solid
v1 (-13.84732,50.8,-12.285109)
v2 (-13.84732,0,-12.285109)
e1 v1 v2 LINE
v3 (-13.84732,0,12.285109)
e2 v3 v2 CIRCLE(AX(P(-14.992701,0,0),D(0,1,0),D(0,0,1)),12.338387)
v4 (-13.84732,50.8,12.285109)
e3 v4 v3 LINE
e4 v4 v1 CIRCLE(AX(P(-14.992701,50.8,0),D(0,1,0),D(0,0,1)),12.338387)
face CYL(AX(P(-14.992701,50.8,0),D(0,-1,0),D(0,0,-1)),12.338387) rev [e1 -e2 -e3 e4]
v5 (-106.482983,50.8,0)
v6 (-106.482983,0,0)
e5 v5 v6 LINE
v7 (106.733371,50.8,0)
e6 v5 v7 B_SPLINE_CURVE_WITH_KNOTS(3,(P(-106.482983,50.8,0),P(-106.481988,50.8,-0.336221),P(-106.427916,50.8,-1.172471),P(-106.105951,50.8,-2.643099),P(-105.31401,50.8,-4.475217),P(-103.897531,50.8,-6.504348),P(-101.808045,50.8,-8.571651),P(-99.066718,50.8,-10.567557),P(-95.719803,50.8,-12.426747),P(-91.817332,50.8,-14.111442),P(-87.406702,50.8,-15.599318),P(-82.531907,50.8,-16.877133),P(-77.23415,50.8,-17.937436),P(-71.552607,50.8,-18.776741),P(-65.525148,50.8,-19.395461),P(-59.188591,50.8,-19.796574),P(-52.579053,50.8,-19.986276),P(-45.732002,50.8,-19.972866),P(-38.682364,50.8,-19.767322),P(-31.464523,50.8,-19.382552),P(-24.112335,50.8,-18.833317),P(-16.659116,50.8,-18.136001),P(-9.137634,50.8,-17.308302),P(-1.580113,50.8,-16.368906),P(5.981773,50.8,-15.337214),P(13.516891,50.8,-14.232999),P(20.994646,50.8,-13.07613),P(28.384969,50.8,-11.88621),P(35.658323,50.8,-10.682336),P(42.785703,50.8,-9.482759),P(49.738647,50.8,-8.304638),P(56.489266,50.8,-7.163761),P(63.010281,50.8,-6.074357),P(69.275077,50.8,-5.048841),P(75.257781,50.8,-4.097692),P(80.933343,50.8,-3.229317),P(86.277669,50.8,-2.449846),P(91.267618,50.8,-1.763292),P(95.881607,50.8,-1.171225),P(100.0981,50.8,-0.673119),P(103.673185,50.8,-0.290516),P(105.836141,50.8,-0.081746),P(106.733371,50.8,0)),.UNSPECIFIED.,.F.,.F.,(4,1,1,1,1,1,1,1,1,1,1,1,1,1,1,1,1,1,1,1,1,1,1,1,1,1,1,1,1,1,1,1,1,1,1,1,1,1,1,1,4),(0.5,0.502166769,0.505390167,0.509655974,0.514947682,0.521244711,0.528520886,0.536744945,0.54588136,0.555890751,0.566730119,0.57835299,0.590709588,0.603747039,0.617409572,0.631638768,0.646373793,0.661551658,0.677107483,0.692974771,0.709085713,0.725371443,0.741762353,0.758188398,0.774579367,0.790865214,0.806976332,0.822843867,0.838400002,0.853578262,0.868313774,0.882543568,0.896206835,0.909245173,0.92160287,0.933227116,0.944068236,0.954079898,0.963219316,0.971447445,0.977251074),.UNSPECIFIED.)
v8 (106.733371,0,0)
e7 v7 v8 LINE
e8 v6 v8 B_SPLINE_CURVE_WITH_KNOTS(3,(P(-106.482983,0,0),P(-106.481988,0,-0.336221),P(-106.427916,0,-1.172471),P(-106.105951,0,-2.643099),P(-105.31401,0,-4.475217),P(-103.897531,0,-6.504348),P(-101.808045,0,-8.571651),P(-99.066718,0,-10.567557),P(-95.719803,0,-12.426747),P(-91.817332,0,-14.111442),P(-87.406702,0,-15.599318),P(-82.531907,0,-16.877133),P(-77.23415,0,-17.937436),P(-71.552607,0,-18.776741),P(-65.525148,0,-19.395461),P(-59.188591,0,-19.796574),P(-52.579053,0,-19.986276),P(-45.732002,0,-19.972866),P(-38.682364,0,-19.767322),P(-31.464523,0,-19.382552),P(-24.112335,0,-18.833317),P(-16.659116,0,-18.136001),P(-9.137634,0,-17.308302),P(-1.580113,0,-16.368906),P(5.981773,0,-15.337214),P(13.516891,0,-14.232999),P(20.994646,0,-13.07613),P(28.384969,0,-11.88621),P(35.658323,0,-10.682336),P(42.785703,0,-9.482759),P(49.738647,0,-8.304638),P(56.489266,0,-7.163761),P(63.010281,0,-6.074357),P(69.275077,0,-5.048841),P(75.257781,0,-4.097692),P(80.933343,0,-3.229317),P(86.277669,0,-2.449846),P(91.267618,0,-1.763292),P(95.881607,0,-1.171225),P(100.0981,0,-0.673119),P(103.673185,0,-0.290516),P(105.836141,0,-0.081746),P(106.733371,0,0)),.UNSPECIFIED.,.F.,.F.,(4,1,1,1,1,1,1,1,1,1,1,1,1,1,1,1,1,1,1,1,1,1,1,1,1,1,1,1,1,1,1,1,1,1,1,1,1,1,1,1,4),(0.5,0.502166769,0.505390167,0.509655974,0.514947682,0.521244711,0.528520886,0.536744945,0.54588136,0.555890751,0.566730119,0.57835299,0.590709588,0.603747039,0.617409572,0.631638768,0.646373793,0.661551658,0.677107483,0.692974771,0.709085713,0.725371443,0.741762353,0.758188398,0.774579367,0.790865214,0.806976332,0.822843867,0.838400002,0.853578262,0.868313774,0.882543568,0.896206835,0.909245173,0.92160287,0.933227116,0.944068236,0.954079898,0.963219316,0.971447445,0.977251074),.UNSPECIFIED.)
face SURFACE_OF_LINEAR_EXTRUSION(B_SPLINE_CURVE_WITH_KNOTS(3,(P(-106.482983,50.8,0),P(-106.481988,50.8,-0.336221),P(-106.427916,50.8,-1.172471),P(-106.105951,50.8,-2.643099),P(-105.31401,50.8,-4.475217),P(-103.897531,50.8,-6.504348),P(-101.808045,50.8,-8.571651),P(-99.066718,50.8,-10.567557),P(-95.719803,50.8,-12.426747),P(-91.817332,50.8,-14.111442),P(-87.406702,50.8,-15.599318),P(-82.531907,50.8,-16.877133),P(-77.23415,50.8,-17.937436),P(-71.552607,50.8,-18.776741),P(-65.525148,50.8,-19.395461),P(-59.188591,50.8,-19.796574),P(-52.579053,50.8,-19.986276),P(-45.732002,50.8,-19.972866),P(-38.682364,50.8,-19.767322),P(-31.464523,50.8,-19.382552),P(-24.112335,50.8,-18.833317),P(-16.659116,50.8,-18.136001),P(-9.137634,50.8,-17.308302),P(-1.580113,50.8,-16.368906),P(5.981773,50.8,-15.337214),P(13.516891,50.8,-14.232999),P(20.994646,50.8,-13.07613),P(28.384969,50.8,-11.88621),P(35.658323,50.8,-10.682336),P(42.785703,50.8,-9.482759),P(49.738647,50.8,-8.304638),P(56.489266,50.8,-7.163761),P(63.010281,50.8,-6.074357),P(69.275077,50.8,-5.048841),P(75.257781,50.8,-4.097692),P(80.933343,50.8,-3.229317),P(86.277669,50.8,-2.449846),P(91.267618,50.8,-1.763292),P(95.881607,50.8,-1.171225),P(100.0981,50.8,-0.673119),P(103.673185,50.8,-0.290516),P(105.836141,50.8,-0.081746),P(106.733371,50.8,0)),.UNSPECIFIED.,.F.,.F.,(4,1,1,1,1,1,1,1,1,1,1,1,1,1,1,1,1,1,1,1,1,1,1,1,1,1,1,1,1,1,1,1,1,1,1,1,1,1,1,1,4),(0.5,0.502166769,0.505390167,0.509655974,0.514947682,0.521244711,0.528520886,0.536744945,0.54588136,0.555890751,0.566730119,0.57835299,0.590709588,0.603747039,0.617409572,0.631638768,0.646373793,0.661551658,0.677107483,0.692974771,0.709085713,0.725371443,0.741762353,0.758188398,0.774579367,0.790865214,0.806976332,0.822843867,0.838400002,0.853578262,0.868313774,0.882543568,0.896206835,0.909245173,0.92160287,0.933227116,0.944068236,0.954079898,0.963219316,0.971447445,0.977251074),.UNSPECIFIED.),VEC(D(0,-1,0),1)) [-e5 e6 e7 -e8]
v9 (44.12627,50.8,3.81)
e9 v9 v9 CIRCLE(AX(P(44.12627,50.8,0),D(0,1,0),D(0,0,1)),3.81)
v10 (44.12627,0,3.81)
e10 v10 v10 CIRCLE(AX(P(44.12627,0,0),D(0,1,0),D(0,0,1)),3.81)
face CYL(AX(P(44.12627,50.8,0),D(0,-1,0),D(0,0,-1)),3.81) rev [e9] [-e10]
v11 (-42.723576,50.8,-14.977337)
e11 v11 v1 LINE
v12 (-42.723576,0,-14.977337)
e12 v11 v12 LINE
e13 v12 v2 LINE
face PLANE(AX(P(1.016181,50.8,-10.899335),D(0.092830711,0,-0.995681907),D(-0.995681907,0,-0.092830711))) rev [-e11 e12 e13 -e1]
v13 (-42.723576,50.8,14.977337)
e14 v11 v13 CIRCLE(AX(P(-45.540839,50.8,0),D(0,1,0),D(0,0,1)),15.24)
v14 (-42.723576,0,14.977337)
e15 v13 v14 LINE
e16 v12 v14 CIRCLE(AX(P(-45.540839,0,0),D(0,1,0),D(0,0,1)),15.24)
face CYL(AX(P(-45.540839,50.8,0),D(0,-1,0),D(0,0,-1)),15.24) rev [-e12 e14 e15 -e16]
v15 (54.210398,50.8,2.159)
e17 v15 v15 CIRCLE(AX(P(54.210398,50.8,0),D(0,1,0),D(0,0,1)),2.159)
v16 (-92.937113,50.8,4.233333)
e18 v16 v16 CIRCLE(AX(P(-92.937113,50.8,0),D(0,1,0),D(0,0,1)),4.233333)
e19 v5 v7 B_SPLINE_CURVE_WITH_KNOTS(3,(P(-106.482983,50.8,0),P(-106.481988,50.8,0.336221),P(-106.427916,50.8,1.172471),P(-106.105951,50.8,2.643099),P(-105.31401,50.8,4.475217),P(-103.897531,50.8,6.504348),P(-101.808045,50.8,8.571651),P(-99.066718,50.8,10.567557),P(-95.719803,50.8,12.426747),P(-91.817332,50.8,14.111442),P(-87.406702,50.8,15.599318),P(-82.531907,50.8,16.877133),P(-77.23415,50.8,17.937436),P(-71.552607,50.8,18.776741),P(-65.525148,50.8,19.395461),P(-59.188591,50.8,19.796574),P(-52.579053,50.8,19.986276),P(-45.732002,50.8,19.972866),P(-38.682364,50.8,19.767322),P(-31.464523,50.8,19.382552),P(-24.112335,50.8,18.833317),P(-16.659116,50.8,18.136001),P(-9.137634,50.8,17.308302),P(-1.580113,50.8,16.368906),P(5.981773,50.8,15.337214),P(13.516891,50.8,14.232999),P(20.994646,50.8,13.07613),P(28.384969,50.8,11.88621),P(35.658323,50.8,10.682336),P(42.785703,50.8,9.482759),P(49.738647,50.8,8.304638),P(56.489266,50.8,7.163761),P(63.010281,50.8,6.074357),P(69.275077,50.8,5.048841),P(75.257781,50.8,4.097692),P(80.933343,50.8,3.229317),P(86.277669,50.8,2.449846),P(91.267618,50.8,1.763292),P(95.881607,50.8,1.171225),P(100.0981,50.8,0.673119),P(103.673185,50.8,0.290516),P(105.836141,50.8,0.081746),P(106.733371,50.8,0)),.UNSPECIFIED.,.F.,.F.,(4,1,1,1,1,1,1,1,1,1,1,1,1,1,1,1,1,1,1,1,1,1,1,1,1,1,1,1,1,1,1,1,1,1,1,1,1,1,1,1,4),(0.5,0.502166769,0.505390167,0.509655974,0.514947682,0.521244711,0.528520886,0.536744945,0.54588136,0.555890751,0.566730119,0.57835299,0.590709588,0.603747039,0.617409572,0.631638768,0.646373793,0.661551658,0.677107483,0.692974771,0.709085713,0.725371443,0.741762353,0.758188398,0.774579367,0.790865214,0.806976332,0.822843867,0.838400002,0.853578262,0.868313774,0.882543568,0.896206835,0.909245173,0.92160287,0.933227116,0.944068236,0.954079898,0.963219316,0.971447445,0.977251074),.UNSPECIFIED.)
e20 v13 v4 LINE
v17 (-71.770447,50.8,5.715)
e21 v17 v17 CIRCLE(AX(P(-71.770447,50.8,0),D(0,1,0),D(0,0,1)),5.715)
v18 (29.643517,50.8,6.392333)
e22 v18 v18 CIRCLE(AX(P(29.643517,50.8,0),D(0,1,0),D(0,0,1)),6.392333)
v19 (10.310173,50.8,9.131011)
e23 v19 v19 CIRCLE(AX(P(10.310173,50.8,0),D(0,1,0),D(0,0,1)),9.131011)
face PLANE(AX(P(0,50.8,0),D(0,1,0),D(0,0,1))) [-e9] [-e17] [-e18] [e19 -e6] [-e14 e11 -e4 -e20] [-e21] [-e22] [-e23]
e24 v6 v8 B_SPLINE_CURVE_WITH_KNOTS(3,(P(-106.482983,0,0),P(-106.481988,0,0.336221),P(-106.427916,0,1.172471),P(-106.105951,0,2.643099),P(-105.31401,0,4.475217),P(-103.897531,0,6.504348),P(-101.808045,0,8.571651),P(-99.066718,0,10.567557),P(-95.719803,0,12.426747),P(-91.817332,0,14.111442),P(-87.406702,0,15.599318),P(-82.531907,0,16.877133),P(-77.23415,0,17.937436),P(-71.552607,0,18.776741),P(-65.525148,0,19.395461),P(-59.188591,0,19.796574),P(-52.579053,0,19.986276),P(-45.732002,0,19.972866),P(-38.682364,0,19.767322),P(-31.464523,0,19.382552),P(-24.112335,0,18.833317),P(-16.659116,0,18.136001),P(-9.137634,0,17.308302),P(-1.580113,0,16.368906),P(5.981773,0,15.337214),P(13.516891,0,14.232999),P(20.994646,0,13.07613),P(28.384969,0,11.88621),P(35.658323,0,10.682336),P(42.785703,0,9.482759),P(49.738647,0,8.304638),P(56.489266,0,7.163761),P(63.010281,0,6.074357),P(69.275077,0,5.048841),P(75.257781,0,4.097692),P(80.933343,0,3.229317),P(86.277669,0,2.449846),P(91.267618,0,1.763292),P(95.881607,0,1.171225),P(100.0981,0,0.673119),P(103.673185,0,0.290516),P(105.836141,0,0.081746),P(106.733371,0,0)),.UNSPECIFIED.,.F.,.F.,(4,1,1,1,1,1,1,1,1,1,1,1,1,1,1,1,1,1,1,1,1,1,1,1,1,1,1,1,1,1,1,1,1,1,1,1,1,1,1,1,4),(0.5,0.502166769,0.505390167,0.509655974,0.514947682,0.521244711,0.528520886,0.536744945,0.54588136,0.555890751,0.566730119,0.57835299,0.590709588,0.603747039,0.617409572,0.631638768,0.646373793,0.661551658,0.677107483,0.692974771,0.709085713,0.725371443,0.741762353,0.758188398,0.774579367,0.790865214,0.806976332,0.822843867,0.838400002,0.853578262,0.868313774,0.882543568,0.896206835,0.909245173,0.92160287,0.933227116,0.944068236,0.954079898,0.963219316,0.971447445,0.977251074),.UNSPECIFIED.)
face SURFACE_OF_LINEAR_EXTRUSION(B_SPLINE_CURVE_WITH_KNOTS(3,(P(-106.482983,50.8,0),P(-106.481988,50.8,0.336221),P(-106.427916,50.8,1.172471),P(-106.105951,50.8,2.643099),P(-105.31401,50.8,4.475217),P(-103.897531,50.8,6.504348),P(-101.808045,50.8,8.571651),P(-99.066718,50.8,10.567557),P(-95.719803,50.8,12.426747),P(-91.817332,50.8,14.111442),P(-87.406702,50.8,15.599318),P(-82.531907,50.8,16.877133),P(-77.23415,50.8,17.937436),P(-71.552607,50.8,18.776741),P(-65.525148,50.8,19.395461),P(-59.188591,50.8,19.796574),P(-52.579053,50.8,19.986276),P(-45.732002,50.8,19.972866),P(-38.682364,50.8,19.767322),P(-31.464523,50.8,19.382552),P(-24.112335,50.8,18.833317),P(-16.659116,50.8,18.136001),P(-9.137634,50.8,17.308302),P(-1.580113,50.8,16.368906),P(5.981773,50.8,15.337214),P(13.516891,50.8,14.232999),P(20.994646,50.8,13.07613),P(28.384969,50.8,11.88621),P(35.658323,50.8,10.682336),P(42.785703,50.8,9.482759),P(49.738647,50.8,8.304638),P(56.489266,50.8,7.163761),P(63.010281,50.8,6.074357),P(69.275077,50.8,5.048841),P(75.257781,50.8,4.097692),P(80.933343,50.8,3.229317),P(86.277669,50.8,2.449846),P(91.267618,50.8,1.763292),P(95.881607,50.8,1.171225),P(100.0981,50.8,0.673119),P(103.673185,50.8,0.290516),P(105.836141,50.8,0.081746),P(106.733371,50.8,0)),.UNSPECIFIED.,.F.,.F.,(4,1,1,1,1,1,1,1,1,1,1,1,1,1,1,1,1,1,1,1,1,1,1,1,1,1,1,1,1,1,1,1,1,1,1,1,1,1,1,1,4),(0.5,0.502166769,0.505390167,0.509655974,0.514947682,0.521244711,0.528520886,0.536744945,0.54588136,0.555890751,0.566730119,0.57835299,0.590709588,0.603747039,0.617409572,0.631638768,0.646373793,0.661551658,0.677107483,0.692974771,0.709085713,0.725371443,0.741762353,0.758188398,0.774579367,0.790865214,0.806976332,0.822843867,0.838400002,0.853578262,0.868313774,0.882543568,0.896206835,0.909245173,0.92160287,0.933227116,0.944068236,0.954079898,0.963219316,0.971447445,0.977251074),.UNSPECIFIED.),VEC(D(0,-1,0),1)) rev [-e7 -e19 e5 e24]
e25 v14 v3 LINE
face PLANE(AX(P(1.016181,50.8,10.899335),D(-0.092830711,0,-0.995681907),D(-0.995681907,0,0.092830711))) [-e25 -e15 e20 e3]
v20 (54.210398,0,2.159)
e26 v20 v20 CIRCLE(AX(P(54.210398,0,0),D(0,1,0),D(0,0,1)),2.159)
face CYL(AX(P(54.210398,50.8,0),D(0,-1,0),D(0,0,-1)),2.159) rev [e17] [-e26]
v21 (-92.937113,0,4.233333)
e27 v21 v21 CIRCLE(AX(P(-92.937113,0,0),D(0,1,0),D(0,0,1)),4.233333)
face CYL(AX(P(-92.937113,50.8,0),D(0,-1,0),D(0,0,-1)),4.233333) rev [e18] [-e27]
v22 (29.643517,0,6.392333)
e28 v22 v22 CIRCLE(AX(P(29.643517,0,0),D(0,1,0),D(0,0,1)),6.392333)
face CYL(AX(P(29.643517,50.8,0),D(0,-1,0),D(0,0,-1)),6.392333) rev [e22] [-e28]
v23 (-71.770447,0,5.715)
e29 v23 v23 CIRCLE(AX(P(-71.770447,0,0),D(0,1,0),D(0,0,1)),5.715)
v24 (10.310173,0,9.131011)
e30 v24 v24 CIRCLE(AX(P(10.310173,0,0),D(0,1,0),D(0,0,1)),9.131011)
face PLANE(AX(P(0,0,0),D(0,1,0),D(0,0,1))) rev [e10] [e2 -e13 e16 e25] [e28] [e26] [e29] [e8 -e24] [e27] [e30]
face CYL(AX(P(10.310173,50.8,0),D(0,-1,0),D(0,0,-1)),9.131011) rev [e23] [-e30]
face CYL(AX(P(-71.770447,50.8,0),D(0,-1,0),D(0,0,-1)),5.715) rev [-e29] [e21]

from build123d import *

# Parameters (mm, degrees)
SKETCH1_R           = 6.392333333
SKETCH1_R_2         = 3.81
SKETCH1_R_3         = 2.159
BOSS_EXTRUDE1_DEPTH = 50.8


with BuildPart() as part:
    # Sketch1 → Boss-Extrude1 (new body)
    with BuildSketch(Plane(origin=(0, 0, 0), x_dir=(1, 0, 0), z_dir=(0, 1, 0))):
        with BuildLine():
            add(Edge.make_bspline(
                [(-106.482983395, 7e-09), (-106.481988205, 0.336221447), (-106.427915569, 1.172470852), (-106.105951464, 2.643099269), (-105.314009735, 4.475217408), (-103.897531119, 6.504348419), (-101.808045378, 8.571651332), (-99.066717841, 10.567556704), (-95.719803188, 12.4267473), (-91.817332429, 14.111441711), (-87.406701835, 15.599318162), (-82.531907012, 16.877133323), (-77.234149654, 17.93743562), (-71.552607098, 18.776740572), (-65.525147606, 19.395460586), (-59.188591418, 19.79657403), (-52.57905308, 19.986276316), (-45.732001964, 19.972865837), (-38.682363694, 19.76732247), (-31.464522928, 19.382552478), (-24.112335149, 18.833317467), (-16.659115821, 18.136000968), (-9.137634043, 17.308302017), (-1.580112881, 16.368906014), (5.98177291, 15.337213534), (13.516891029, 14.232999407), (20.994645609, 13.076129848), (28.384968739, 11.886210001), (35.658323251, 10.682336314), (42.785702907, 9.482759124), (49.738647425, 8.304637787), (56.489265684, 7.163760718), (63.010281114, 6.074356699), (69.275076728, 5.048841412), (75.257781106, 4.097692071), (80.933343311, 3.229317249), (86.277669376, 2.449846213), (91.267618323, 1.763292049), (95.881607116, 1.17122476), (100.098099776, 0.673119164), (103.673185129, 0.290516392), (105.83614122, 0.081745654), (106.733370691, 7e-09)],
                knots=[0.5, 0.5, 0.5, 0.5, 0.502166769, 0.505390167, 0.509655974, 0.514947682, 0.521244711, 0.528520886, 0.536744945, 0.54588136, 0.555890751, 0.566730119, 0.57835299, 0.590709588, 0.603747039, 0.617409572, 0.631638768, 0.646373793, 0.661551658, 0.677107483, 0.692974771, 0.709085713, 0.725371443, 0.741762353, 0.758188398, 0.774579367, 0.790865214, 0.806976332, 0.822843867, 0.838400002, 0.853578262, 0.868313774, 0.882543568, 0.896206835, 0.909245173, 0.92160287, 0.933227116, 0.944068236, 0.954079898, 0.963219316, 0.971447445, 0.977251074, 0.977251074, 0.977251074, 0.977251074], degree=3))
            add(Edge.make_bspline(
                [(-106.482983395, -7e-09), (-106.481988205, -0.336221447), (-106.427915569, -1.172470852), (-106.105951463, -2.643099269), (-105.314009735, -4.475217408), (-103.897531118, -6.504348419), (-101.808045378, -8.571651332), (-99.06671784, -10.567556704), (-95.719803188, -12.4267473), (-91.817332429, -14.111441711), (-87.406701835, -15.599318162), (-82.531907011, -16.877133323), (-77.273170777, -17.929625865), (-73.632382766, -18.469484174), (-71.77044662, -18.70528518)],
                knots=[0.5, 0.5, 0.5, 0.5, 0.502166769, 0.505390167, 0.509655974, 0.514947682, 0.521244711, 0.528520886, 0.536744945, 0.54588136, 0.555890751, 0.566730119, 0.57835299, 0.590453127, 0.590453127, 0.590453127, 0.590453127], degree=3))
            add(Edge.make_bspline(
                [(-71.77044662, -18.70528518), (-71.730983039, -18.710282963), (-69.685237287, -18.968426485), (-65.525147605, -19.395460586), (-59.188591417, -19.79657403), (-52.57905308, -19.986276316), (-45.732001964, -19.972865837), (-38.682363694, -19.76732247), (-31.464522928, -19.382552478), (-24.112335148, -18.833317467), (-16.659115821, -18.136000968), (-9.137634043, -17.308302017), (-1.580112881, -16.368906014), (5.98177291, -15.337213534), (13.516891029, -14.232999407), (20.99464561, -13.076129848), (28.384968739, -11.886210001), (35.658323251, -10.682336314), (42.785702907, -9.482759124), (49.738647426, -8.304637787), (56.489265684, -7.163760718), (63.010281115, -6.074356699), (69.275076728, -5.048841412), (75.257781106, -4.097692071), (80.933343311, -3.229317249), (86.277669376, -2.449846213), (91.267618323, -1.763292049), (95.881607116, -1.17122476), (100.098099776, -0.673119164), (103.673185129, -0.290516392), (105.83614122, -0.081745654), (106.733370691, -7e-09)],
                knots=[0.590453127, 0.590453127, 0.590453127, 0.590453127, 0.590709588, 0.603747039, 0.617409572, 0.631638768, 0.646373793, 0.661551658, 0.677107483, 0.692974771, 0.709085713, 0.725371443, 0.741762353, 0.758188398, 0.774579367, 0.790865214, 0.806976332, 0.822843867, 0.838400002, 0.853578262, 0.868313774, 0.882543568, 0.896206835, 0.909245173, 0.92160287, 0.933227116, 0.944068236, 0.954079898, 0.963219316, 0.971447445, 0.977251074, 0.977251074, 0.977251074, 0.977251074], degree=3))
        make_face()
        with BuildLine():
            ThreePointArc((-88.703779951, 0), (-92.937113284, -4.233333333), (-97.170446617, 0))
            ThreePointArc((-97.170446617, 0), (-92.937113284, 4.233333333), (-88.703779951, 0))
        make_face(mode=Mode.SUBTRACT)
        with BuildLine():
            ThreePointArc((-66.05544662, 0), (-67.729331365, -4.041115254), (-71.77044662, -5.715))
            ThreePointArc((-71.77044662, -5.715), (-75.811561874, 4.041115254), (-66.05544662, 0))
        make_face(mode=Mode.SUBTRACT)
        with BuildLine():
            ThreePointArc((-45.540838593, -15.24), (-56.317145938, -10.776307345), (-60.780838593, 0))
            ThreePointArc((-60.780838593, 0), (-56.317145938, 10.776307345), (-45.540838593, 15.24))
            ThreePointArc((-45.540838593, 15.24), (-44.126098565, 15.174192257), (-42.723576496, 14.977337356))
            Line((-42.723576496, 14.977337356), (-13.847320134, 12.285108666))
            ThreePointArc((-13.847320134, 12.285108666), (-5.872176435, 8.309742362), (-2.65431439, 0))
            ThreePointArc((-2.65431439, 0), (-5.872176435, -8.309742362), (-13.847320134, -12.285108666))
            Line((-13.847320134, -12.285108666), (-42.723576496, -14.977337356))
            ThreePointArc((-42.723576496, -14.977337356), (-44.126098565, -15.174192257), (-45.540838593, -15.24))
        make_face(mode=Mode.SUBTRACT)
        with BuildLine():
            ThreePointArc((19.441184097, 0), (10.310172634, -9.131011462), (1.179161172, 0))
            ThreePointArc((1.179161172, 0), (10.310172634, 9.131011462), (19.441184097, 0))
        make_face(mode=Mode.SUBTRACT)
        with Locations((29.643517429, 0)):
            Circle(SKETCH1_R, mode=Mode.SUBTRACT)
        with Locations((44.126269567, 0)):
            Circle(SKETCH1_R_2, mode=Mode.SUBTRACT)
        with Locations((54.210398224, 0)):
            Circle(SKETCH1_R_3, mode=Mode.SUBTRACT)
    extrude(amount=BOSS_EXTRUDE1_DEPTH)


solid = part.part
